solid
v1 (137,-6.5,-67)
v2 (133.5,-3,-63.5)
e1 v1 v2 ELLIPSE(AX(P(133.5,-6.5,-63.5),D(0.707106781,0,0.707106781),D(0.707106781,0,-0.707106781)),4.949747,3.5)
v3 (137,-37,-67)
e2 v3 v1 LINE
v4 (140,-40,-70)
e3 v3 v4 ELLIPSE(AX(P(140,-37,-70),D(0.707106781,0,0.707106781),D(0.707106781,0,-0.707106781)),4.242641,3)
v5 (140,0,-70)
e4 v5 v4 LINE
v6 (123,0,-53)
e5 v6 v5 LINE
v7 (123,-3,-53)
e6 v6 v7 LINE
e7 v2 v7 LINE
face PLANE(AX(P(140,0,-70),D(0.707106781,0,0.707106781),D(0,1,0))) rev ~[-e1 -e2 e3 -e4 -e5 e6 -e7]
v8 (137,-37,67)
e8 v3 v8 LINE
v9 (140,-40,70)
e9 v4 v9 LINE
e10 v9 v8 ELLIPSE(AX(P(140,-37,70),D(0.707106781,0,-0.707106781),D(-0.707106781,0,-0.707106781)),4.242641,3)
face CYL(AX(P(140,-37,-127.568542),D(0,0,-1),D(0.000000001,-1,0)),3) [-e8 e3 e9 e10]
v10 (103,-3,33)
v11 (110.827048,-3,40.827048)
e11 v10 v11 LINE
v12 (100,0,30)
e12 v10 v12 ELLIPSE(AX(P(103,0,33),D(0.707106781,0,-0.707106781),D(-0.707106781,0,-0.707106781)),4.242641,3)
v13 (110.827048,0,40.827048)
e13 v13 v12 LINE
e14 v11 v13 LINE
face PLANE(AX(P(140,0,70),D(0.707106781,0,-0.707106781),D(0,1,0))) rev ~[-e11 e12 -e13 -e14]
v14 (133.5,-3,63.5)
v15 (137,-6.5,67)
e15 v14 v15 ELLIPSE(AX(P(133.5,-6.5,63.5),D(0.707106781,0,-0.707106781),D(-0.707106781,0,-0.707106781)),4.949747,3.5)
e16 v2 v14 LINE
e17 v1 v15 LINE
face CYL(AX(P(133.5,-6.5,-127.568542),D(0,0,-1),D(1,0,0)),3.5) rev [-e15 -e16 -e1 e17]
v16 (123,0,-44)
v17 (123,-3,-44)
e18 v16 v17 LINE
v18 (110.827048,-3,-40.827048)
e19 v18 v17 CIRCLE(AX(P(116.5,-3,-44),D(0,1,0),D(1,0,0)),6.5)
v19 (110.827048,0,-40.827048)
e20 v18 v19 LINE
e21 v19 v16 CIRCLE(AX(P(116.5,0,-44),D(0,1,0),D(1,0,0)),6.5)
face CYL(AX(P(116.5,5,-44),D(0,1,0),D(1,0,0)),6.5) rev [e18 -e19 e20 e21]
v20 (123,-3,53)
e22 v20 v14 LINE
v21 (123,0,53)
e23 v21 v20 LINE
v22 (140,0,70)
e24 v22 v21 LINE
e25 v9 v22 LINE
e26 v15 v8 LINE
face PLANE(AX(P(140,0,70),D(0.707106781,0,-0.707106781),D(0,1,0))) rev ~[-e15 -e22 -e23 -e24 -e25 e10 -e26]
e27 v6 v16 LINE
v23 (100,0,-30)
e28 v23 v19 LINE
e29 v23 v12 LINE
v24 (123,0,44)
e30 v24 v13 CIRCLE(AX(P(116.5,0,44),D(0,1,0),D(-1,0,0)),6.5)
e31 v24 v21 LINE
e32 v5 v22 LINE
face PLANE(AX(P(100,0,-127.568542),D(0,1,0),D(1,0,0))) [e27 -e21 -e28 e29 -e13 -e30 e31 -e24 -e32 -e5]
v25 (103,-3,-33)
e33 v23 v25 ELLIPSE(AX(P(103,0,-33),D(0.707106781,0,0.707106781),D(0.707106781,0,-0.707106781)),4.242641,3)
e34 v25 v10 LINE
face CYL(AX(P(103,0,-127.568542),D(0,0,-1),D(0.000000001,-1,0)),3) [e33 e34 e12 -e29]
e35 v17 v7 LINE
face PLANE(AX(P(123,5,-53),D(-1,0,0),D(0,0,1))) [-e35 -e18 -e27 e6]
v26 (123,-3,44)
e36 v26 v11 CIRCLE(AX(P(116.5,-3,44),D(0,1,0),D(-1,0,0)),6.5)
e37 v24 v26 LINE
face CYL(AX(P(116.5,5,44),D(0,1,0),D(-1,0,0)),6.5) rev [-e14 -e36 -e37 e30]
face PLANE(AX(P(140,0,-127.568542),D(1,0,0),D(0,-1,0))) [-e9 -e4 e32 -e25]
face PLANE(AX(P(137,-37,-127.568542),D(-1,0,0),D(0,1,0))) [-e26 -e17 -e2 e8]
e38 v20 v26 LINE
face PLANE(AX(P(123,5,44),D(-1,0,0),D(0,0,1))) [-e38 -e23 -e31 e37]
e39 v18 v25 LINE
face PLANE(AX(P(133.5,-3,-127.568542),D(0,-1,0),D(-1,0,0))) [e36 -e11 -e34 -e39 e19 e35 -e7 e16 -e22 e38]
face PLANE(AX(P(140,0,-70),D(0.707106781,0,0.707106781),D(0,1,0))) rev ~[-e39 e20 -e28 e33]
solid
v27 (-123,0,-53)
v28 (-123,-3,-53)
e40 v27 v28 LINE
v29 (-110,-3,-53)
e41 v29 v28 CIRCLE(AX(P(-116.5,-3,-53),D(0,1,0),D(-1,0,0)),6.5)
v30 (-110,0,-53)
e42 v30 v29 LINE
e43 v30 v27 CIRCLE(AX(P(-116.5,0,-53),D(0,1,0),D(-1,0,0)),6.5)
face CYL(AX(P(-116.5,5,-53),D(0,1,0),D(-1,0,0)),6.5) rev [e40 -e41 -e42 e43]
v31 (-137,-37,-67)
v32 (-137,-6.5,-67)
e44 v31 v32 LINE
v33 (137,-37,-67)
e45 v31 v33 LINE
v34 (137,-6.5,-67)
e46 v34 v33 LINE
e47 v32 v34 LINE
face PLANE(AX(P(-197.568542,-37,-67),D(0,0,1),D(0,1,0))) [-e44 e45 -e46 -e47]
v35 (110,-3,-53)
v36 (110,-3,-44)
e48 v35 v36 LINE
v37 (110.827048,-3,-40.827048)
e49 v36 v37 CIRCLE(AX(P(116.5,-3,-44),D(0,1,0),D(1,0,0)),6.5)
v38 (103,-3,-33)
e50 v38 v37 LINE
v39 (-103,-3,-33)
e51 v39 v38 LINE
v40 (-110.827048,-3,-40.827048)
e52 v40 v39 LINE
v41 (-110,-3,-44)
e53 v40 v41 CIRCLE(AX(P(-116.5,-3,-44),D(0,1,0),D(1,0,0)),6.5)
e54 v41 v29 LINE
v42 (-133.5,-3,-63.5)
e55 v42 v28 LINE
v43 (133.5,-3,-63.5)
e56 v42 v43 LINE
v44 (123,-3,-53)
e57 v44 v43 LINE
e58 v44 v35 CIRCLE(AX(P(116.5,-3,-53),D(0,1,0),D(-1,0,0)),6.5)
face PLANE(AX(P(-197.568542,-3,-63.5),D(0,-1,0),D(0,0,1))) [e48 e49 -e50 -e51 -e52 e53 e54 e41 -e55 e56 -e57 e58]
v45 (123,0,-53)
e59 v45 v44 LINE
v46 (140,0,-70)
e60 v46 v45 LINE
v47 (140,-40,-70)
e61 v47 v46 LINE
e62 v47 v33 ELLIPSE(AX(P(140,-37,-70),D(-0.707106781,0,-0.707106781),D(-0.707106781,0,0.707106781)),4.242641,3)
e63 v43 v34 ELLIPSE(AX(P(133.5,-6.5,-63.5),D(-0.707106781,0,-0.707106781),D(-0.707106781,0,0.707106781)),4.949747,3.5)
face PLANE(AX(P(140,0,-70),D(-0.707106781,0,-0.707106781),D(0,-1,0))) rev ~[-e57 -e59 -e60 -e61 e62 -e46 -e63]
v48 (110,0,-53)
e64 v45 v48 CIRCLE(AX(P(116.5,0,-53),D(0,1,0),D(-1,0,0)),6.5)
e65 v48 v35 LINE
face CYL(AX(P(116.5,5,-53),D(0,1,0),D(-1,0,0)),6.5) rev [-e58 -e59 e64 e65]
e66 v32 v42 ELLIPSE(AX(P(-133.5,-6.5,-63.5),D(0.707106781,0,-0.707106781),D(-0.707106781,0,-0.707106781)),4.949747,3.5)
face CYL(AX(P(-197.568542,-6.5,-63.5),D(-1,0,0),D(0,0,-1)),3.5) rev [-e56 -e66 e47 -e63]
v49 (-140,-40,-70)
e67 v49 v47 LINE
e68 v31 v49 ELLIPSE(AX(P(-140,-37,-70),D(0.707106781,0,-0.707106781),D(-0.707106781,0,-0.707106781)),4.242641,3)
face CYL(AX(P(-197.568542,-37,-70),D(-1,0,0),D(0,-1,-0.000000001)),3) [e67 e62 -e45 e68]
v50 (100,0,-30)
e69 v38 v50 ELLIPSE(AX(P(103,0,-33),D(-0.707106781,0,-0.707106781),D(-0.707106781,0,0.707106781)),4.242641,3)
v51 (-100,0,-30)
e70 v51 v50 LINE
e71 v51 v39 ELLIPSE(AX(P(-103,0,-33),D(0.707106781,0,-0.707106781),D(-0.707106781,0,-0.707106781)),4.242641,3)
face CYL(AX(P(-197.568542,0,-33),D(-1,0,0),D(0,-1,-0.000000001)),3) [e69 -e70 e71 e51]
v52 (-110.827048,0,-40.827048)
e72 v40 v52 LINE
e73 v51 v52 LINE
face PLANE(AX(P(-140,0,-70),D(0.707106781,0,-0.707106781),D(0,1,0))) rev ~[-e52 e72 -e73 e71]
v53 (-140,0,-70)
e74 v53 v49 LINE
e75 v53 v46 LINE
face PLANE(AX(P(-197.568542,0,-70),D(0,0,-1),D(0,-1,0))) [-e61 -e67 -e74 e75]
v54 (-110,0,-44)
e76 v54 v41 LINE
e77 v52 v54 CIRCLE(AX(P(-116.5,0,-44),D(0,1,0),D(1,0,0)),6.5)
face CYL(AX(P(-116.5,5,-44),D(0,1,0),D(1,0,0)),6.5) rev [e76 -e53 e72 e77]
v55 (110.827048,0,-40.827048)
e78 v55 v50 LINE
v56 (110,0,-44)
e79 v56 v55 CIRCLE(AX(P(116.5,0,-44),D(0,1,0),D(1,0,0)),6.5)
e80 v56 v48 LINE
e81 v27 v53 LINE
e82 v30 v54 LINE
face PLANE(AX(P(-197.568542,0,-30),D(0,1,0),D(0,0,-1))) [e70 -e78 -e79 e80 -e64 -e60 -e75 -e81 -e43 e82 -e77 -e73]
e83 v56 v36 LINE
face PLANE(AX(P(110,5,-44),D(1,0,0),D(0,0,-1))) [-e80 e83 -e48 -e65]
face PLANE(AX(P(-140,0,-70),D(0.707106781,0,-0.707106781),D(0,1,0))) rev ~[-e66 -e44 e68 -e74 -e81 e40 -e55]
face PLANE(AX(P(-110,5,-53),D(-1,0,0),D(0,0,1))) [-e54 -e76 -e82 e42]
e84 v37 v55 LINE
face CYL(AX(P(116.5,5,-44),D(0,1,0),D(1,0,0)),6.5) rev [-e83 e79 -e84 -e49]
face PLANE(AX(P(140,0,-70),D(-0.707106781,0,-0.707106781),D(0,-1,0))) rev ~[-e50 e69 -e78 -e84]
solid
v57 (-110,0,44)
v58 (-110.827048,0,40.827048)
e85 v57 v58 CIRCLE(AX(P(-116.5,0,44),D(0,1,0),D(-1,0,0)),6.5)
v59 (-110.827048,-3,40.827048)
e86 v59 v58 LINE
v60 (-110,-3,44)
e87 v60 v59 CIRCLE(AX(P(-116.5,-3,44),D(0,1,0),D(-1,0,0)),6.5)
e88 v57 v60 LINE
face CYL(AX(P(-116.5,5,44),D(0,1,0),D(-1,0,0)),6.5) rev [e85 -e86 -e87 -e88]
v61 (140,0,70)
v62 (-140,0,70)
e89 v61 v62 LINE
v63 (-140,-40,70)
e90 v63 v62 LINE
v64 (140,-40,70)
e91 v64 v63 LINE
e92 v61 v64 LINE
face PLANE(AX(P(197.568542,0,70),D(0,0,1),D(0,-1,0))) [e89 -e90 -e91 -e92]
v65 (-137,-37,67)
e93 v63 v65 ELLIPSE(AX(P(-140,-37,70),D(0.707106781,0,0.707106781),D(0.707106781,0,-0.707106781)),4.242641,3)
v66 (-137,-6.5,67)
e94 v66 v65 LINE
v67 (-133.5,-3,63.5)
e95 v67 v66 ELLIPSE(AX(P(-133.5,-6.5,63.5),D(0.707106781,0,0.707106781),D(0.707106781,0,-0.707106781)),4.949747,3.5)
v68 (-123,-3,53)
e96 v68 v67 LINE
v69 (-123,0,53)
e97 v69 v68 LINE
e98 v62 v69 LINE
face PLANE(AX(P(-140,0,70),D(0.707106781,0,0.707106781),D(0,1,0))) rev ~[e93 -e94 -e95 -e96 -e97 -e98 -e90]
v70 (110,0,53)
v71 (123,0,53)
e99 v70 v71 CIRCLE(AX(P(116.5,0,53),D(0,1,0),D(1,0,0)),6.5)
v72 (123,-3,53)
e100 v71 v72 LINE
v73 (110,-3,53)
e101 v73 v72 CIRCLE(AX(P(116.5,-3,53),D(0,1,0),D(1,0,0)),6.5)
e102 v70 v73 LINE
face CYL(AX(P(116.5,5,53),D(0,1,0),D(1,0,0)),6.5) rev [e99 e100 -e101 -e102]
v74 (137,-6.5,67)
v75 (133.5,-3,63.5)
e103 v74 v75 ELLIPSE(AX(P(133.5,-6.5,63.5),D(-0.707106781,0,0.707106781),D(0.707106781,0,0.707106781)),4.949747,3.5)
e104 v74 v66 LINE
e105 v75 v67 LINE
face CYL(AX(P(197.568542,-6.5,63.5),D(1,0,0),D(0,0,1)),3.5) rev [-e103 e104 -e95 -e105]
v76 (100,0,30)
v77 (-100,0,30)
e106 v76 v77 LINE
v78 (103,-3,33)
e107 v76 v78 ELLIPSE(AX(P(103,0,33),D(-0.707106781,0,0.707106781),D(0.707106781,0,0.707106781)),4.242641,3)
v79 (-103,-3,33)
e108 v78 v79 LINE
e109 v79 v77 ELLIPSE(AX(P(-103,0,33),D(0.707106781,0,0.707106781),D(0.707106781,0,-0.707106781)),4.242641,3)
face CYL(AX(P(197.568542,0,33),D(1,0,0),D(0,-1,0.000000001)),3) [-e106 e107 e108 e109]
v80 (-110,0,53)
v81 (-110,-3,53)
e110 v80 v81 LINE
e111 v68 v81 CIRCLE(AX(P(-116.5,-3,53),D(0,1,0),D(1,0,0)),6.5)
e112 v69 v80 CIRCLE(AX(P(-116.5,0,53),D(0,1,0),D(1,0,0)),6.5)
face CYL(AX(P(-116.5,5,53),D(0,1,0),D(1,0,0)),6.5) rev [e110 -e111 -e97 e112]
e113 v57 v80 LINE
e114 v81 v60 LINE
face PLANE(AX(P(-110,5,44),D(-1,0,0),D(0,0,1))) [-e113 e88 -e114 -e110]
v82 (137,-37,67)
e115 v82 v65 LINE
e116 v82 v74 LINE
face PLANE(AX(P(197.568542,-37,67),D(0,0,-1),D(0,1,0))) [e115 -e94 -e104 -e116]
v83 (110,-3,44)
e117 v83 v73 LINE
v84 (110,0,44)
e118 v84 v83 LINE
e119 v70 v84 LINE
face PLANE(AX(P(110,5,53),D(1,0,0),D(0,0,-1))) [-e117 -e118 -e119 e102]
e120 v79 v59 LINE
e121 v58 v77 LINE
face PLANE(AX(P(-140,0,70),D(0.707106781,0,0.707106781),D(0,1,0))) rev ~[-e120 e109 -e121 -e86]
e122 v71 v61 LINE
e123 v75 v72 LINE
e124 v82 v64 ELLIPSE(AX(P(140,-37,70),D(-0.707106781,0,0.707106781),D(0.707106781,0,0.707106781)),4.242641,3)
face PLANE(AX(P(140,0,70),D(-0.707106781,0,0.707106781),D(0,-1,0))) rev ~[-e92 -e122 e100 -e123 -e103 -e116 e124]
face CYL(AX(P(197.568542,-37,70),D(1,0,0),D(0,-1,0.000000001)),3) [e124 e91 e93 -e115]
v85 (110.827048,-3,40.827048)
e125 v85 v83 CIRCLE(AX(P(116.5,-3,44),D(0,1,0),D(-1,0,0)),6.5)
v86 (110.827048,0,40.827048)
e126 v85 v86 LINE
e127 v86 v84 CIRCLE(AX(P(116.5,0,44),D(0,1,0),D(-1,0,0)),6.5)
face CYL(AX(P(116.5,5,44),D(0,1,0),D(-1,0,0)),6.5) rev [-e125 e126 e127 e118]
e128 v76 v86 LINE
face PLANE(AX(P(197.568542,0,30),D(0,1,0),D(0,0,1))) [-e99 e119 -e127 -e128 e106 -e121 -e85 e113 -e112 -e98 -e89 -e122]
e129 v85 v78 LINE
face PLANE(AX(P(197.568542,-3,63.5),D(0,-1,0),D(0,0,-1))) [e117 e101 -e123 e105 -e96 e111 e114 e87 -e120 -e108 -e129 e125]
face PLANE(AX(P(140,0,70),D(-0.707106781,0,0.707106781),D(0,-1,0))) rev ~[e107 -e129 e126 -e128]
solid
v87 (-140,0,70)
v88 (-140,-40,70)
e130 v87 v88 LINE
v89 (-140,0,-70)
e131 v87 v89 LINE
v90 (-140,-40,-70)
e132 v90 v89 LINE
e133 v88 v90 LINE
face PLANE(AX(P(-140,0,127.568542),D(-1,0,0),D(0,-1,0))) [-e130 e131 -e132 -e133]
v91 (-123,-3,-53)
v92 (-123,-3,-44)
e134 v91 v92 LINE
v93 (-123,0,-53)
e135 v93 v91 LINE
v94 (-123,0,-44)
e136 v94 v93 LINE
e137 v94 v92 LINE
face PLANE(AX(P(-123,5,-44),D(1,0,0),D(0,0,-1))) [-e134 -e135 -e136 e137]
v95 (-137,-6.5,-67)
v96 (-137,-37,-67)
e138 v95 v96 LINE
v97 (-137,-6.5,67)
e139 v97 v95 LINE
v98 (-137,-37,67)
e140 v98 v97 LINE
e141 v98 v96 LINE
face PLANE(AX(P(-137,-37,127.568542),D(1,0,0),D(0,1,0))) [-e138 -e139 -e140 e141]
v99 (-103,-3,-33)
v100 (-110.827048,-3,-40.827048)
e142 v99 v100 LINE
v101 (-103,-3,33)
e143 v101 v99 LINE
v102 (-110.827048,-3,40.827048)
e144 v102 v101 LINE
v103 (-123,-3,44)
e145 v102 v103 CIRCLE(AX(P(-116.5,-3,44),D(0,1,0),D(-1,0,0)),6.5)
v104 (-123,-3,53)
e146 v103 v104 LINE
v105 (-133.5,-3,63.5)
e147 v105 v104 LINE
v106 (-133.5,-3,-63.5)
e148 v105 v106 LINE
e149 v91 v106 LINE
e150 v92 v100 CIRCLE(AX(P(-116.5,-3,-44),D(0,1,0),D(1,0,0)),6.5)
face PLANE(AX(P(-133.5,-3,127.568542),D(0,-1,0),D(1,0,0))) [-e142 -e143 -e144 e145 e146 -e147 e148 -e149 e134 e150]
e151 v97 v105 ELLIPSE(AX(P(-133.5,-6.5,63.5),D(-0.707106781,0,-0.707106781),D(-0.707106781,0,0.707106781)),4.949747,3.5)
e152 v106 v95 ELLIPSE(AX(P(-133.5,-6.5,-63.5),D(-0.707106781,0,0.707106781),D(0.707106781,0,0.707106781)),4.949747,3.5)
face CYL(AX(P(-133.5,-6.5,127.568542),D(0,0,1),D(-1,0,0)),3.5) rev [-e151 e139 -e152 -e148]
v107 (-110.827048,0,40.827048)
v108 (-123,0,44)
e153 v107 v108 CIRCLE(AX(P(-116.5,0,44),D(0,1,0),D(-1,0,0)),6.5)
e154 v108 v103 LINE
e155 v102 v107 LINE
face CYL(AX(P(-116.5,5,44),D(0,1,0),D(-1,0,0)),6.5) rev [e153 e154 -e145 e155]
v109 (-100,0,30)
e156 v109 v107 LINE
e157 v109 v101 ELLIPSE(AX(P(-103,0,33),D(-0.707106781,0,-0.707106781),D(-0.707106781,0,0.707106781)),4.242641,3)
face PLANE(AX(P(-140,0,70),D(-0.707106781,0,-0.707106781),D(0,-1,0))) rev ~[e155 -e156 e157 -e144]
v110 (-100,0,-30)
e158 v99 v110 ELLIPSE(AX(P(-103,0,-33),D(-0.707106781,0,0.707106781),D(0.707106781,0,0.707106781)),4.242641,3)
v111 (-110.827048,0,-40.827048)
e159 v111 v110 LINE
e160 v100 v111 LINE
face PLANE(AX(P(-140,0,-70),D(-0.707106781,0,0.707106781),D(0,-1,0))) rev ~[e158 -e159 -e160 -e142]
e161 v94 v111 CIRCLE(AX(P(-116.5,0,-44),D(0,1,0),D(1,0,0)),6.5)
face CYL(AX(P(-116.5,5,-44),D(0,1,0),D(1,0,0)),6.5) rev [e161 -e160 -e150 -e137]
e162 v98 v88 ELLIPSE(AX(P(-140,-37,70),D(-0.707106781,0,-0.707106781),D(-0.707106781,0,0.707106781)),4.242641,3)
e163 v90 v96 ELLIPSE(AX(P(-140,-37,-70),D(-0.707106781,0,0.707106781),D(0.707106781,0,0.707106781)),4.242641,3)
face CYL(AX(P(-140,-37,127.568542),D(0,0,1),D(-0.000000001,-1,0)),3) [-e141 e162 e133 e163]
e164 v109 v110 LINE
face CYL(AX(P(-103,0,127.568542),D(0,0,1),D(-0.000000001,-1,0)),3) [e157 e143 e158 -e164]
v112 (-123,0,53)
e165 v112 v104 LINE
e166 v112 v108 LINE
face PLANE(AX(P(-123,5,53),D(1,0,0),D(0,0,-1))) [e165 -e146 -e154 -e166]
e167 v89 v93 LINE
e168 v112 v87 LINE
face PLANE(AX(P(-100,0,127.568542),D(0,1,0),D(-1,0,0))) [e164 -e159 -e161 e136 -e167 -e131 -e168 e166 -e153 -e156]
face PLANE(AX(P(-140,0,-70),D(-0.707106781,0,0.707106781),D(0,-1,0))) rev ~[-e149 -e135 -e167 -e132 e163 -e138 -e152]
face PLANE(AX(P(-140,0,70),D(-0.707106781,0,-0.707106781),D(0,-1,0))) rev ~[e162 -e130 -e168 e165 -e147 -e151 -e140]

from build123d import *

# Parameters (mm, degrees)
IRON_V40X40X3_1_DEPTH      = 197.568542495
IRON_V40X40X3_1_DEPTH_BACK = 57.568542495
IRON_V40X40X3_1_2_DEPTH    = 395.13708499
IRON_V40X40X3_1_3_DEPTH    = 255.13708499
IRON_V40X40X3_1_4_DEPTH    = 395.13708499
CUT_EXTRUDE1_START         = 5
CUT_EXTRUDE1_DEPTH         = 10


with BuildPart() as part:
    # Sketch1 → Iron V40X40X3(1) (new, two sides: drawn at the far end of the back side and taken through both)
    with BuildSketch(Plane(origin=(-140, 0, 70), x_dir=(1, 0, 0), z_dir=(0, 0, -1)).offset(-IRON_V40X40X3_1_DEPTH_BACK)):
        with BuildLine():
            Line((0, 0), (0, 40))
            ThreePointArc((0, 40), (2.121320344, 39.121320344), (3, 37))
            Line((3, 37), (3, 6.5))
            ThreePointArc((3, 6.5), (4.025126266, 4.025126266), (6.5, 3))
            Line((6.5, 3), (37, 3))
            ThreePointArc((37, 3), (39.121320344, 2.121320344), (40, 0))
            Line((40, 0), (0, 0))
        make_face()
    extrude(amount=IRON_V40X40X3_1_DEPTH + IRON_V40X40X3_1_DEPTH_BACK)

    # Iron V40X40X3(1) mitre 1
    split(bisect_by=Plane(origin=(-140, 0, 70), x_dir=(0, -1, 0), z_dir=(-0.707106781, 0, -0.707106781)), keep=Keep.TOP)

    # Iron V40X40X3(1) mitre 2
    split(bisect_by=Plane(origin=(-140, 0, -70), x_dir=(0, -1, 0), z_dir=(-0.707106781, 0, 0.707106781)), keep=Keep.TOP)


with BuildPart() as body_2:
    # Sketch1 on segment 2 (carried to segment 2) → Iron V40X40X3_1 2 (new body)
    with BuildSketch(Plane(origin=(-197.568542495, 0, -70), x_dir=(0, 0, 1), z_dir=(1, 0, 0))):
        with BuildLine():
            Line((0, 0), (0, 40))
            ThreePointArc((0, 40), (2.121320344, 39.121320344), (3, 37))
            Line((3, 37), (3, 6.5))
            ThreePointArc((3, 6.5), (4.025126266, 4.025126266), (6.5, 3))
            Line((6.5, 3), (37, 3))
            ThreePointArc((37, 3), (39.121320344, 2.121320344), (40, 0))
            Line((40, 0), (0, 0))
        make_face()
    extrude(amount=IRON_V40X40X3_1_2_DEPTH)

    # Iron V40X40X3_1 2 mitre 1
    split(bisect_by=Plane(origin=(-140, 0, -70), x_dir=(0, 1, 0), z_dir=(0.707106781, 0, -0.707106781)), keep=Keep.TOP)

    # Iron V40X40X3_1 2 mitre 2
    split(bisect_by=Plane(origin=(140, 0, -70), x_dir=(0, -1, 0), z_dir=(-0.707106781, 0, -0.707106781)), keep=Keep.TOP)


with BuildPart() as body_3:
    # Sketch1 on segment 3 (carried to segment 3) → Iron V40X40X3_1 3 (new body)
    with BuildSketch(Plane(origin=(140, 0, -127.568542495), x_dir=(-1, 0, 0), z_dir=(0, 0, 1))):
        with BuildLine():
            Line((0, 0), (0, 40))
            ThreePointArc((0, 40), (2.121320344, 39.121320344), (3, 37))
            Line((3, 37), (3, 6.5))
            ThreePointArc((3, 6.5), (4.025126266, 4.025126266), (6.5, 3))
            Line((6.5, 3), (37, 3))
            ThreePointArc((37, 3), (39.121320344, 2.121320344), (40, 0))
            Line((40, 0), (0, 0))
        make_face()
    extrude(amount=IRON_V40X40X3_1_3_DEPTH)

    # Iron V40X40X3_1 3 mitre 1
    split(bisect_by=Plane(origin=(140, 0, 70), x_dir=(0, 1, 0), z_dir=(0.707106781, 0, -0.707106781)), keep=Keep.TOP)

    # Iron V40X40X3_1 3 mitre 2
    split(bisect_by=Plane(origin=(140, 0, -70), x_dir=(0, 1, 0), z_dir=(0.707106781, 0, 0.707106781)), keep=Keep.TOP)


with BuildPart() as body_4:
    # Sketch1 on segment 4 (carried to segment 4) → Iron V40X40X3_1 4 (new body)
    with BuildSketch(Plane(origin=(197.568542495, 0, 70), x_dir=(0, 0, -1), z_dir=(-1, 0, 0))):
        with BuildLine():
            Line((0, 0), (0, 40))
            ThreePointArc((0, 40), (2.121320344, 39.121320344), (3, 37))
            Line((3, 37), (3, 6.5))
            ThreePointArc((3, 6.5), (4.025126266, 4.025126266), (6.5, 3))
            Line((6.5, 3), (37, 3))
            ThreePointArc((37, 3), (39.121320344, 2.121320344), (40, 0))
            Line((40, 0), (0, 0))
        make_face()
    extrude(amount=IRON_V40X40X3_1_4_DEPTH)

    # Iron V40X40X3_1 4 mitre 1
    split(bisect_by=Plane(origin=(-140, 0, 70), x_dir=(0, 1, 0), z_dir=(0.707106781, 0, 0.707106781)), keep=Keep.TOP)

    # Iron V40X40X3_1 4 mitre 2
    split(bisect_by=Plane(origin=(140, 0, 70), x_dir=(0, -1, 0), z_dir=(-0.707106781, 0, 0.707106781)), keep=Keep.TOP)


with BuildPart() as cut_extrude1_tool:
    # Sketch2 → Cut-Extrude1 (new body)
    with BuildSketch(Plane(origin=(0, 0, 0), x_dir=(1, 0, 0), z_dir=(0, 1, 0)).offset(CUT_EXTRUDE1_START)):
        with BuildLine():
            Line((123, 53), (123, 44))
            ThreePointArc((123, 44), (116.5, 37.5), (110, 44))
            Line((110, 44), (110, 53))
            ThreePointArc((110, 53), (116.5, 59.5), (123, 53))
        make_face()
        with BuildLine():
            Line((-110, 53), (-110, 44))
            ThreePointArc((-110, 44), (-116.5, 37.5), (-123, 44))
            Line((-123, 44), (-123, 53))
            ThreePointArc((-123, 53), (-116.5, 59.5), (-110, 53))
        make_face()
        with BuildLine():
            Line((-110, -44), (-110, -53))
            ThreePointArc((-110, -53), (-116.5, -59.5), (-123, -53))
            Line((-123, -53), (-123, -44))
            ThreePointArc((-123, -44), (-116.5, -37.5), (-110, -44))
        make_face()
        with BuildLine():
            Line((123, -44), (123, -53))
            ThreePointArc((123, -53), (116.5, -59.5), (110, -53))
            Line((110, -53), (110, -44))
            ThreePointArc((110, -44), (116.5, -37.5), (123, -44))
        make_face()
    extrude(amount=-CUT_EXTRUDE1_DEPTH)


with BuildPart() as part_1:
    add(part.part)

    # Cut-Extrude1: cut by cut_extrude1_tool
    add(cut_extrude1_tool.part, mode=Mode.SUBTRACT)


with BuildPart() as body_2_1:
    add(body_2.part)

    # Cut-Extrude1: cut by cut_extrude1_tool
    add(cut_extrude1_tool.part, mode=Mode.SUBTRACT)


with BuildPart() as body_3_1:
    add(body_3.part)

    # Cut-Extrude1: cut by cut_extrude1_tool
    add(cut_extrude1_tool.part, mode=Mode.SUBTRACT)


with BuildPart() as body_4_1:
    add(body_4.part)

    # Cut-Extrude1: cut by cut_extrude1_tool
    add(cut_extrude1_tool.part, mode=Mode.SUBTRACT)


solid = Compound([part_1.part, body_2_1.part, body_3_1.part, body_4_1.part])
